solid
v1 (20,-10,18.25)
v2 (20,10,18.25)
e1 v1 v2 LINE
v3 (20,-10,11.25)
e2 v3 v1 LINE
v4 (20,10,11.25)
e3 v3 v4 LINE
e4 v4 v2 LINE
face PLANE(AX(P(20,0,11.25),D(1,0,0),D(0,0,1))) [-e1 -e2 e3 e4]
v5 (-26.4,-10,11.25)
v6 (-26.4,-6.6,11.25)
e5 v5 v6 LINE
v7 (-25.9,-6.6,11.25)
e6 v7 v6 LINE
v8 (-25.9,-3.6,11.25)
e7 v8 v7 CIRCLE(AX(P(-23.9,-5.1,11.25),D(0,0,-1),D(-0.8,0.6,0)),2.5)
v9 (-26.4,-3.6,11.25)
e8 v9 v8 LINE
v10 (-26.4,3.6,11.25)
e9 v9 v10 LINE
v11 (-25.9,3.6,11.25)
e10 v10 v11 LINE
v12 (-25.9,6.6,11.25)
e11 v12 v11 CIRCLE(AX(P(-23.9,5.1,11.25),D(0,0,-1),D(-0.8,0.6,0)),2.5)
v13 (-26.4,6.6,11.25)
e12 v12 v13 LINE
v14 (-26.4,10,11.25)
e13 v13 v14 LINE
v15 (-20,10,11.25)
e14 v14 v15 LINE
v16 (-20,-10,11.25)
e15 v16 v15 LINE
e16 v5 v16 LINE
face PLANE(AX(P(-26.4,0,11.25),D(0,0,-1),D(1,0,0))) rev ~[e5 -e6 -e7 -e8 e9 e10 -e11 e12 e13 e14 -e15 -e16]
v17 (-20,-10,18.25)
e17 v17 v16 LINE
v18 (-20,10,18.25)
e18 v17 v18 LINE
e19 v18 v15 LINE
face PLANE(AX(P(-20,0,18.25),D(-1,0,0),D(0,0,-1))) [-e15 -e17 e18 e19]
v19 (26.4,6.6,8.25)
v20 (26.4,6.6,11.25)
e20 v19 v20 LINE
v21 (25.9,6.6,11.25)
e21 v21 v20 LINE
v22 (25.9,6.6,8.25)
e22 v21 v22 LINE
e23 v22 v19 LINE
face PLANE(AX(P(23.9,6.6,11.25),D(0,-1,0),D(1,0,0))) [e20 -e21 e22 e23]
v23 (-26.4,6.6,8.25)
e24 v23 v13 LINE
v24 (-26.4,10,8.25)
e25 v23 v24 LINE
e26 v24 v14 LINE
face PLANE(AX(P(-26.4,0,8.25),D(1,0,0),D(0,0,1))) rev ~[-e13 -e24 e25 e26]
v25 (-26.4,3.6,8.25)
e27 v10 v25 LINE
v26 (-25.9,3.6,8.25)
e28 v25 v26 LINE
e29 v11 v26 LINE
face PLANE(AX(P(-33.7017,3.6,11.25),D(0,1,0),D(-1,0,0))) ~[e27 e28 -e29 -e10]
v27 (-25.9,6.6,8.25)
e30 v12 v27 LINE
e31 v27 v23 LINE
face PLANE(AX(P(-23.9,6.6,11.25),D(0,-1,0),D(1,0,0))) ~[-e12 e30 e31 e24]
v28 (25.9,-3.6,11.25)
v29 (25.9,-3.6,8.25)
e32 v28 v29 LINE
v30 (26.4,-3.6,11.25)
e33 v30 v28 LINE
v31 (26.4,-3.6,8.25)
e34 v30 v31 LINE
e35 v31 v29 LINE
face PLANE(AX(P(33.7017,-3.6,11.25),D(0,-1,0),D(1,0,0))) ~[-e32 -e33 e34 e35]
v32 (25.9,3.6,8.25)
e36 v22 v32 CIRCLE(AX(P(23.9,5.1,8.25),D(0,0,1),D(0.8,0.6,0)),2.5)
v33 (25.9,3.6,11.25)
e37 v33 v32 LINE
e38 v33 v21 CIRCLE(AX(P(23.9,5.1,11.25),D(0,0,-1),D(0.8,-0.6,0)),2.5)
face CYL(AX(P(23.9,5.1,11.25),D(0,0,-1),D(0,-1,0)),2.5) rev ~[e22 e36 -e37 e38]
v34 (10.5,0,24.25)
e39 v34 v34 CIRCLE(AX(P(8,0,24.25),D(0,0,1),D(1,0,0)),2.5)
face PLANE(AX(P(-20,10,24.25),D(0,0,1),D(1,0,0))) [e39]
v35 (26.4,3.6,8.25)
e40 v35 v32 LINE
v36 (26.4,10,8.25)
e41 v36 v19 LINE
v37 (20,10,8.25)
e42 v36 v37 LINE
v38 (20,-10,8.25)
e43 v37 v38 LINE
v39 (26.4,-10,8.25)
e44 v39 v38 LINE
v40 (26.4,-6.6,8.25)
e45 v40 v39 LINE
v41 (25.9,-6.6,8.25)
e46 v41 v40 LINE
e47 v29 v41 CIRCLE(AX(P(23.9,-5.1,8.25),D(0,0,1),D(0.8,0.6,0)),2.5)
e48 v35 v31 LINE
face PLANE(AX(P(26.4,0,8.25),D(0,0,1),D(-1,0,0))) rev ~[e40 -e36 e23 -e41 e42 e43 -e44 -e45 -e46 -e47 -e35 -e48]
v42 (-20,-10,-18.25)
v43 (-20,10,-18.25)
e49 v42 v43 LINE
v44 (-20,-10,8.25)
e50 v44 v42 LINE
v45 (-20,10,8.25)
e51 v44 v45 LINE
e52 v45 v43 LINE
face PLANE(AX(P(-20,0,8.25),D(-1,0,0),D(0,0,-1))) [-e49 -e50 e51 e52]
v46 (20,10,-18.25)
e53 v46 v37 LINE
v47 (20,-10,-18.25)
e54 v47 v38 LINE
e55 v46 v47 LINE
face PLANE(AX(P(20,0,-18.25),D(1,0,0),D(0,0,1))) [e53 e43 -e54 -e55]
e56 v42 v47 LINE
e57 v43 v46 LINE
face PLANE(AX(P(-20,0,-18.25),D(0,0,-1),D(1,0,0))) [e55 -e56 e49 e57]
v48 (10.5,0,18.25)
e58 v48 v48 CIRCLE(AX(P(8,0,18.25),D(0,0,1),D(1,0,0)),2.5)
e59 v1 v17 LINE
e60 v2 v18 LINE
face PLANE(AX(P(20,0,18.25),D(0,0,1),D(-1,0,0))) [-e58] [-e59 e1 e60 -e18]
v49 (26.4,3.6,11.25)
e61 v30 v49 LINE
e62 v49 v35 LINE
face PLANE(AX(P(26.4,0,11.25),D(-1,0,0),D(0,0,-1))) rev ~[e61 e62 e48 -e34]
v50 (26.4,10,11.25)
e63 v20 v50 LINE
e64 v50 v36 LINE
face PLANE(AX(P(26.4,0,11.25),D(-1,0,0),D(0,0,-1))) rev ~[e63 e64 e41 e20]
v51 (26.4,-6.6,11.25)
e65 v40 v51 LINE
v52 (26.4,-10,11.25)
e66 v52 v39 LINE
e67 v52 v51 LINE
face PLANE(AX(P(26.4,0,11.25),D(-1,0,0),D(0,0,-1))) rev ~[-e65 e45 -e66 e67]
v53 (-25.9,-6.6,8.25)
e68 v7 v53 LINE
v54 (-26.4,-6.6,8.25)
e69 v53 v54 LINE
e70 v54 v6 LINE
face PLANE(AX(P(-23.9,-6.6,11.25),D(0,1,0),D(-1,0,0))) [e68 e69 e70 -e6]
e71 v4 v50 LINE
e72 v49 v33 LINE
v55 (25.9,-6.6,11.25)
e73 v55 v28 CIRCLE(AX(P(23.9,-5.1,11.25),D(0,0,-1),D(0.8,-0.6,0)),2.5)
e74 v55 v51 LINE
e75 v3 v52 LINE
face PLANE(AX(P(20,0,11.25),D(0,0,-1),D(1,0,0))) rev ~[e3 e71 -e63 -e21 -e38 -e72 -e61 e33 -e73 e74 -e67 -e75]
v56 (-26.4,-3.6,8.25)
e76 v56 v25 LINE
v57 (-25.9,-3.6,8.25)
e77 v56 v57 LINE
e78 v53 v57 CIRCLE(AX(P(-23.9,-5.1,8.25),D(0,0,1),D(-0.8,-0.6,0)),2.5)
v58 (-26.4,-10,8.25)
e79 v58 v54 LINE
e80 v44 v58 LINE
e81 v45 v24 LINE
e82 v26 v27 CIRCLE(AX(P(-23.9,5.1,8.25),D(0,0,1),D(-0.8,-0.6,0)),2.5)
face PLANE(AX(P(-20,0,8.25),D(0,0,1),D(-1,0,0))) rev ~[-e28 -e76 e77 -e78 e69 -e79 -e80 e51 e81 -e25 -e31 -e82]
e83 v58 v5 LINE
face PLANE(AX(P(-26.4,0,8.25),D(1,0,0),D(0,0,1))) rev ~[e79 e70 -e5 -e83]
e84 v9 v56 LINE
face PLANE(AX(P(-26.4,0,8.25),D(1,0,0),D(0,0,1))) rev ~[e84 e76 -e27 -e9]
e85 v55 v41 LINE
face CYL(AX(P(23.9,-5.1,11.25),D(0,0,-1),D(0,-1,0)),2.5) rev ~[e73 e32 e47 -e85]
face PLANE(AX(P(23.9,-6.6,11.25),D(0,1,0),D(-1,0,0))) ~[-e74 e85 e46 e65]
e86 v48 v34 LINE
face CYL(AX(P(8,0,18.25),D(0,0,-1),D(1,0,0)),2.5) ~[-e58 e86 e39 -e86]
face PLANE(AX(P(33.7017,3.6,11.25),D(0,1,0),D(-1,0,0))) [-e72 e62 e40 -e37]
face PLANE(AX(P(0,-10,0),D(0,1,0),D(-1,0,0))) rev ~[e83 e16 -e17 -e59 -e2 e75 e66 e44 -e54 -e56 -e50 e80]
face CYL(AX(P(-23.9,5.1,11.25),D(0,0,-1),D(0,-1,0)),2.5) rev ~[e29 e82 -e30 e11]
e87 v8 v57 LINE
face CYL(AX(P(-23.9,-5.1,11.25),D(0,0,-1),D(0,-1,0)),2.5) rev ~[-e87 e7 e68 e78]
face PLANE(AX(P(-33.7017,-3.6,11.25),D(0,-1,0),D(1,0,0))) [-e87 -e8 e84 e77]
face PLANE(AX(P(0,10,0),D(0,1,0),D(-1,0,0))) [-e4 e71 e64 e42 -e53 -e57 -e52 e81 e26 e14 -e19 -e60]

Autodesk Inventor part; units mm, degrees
ref_plane "YZ Plane" through (0, 0, 0) normal (1, 0, 0) x (0, 1, 0)
ref_plane "XZ Plane" through (0, 0, 0) normal (0, 1, 0) x (-1, 0, 0)
ref_plane "XY Plane" through (0, 0, 0) normal (0, 0, 1) x (1, 0, 0)
sketch "草圖1" plane through (0, 0, 0) normal (0, 1, 0) x (-1, 0, 0)
  line L0 (20, -18.25) -> (-20, -18.25)
  line L1 (-20, -18.25) -> (-20, 18.25)
  line L2 (-20, 18.25) -> (20, 18.25)
  line L3 (20, 18.25) -> (20, -18.25)
  line L4 (20, -18.25) -> (-20, 18.25) construction
  line L5 (-20, -18.25) -> (20, 18.25) construction
  line L6 (26.4, 11.25) -> (-26.4, 11.25)
  line L7 (-26.4, 11.25) -> (-26.4, 8.25)
  line L8 (-26.4, 8.25) -> (26.4, 8.25)
  line L9 (26.4, 8.25) -> (26.4, 11.25)
  point P0 (0, 0)
  point P1 (0, 11.25)
  point P2 (0, 18.25)
  dimension "d0" = 40
  dimension "d1" = 36.5
  dimension "d2" = 3
  dimension "d4" = 52.8
  dimension "d5" = 26.5
extrude "擠出1" add sketch "草圖1" along normal mid plane 20
sketch "草圖2" plane through (20, -10, 11.25) normal (0, 0, 1) x (1, 0, 0)
  line L0 (-40, 0) -> (-40, 20) construction
  line L1 (0, 20) -> (-40, 20) construction
  line L2 (0, 20) -> (0, 0) construction
  line L3 (-40, 0) -> (0, 0) construction
  line L4 (-43.9, 4.9) -> (3.9, 4.9) construction
  line L5 (3.9, 4.9) -> (3.9, 15.1) construction
  line L6 (3.9, 15.1) -> (-43.9, 15.1) construction
  line L7 (-43.9, 15.1) -> (-43.9, 4.9) construction
  line L8 (-43.9, 4.9) -> (3.9, 15.1) construction
  line L9 (3.9, 4.9) -> (-43.9, 15.1) construction
  point P0 (-20, 10)
  dimension "d8" = 47.8
  dimension "d9" = 10.2
hole "孔1" at (23.9, 5.1, 11.25) at (23.9, -5.1, 11.25) at (-23.9, -5.1, 11.25) at (-23.9, 5.1, 11.25) direction (0, 0, -1) diameter 5 depth 8 tip angle 118
sketch "草圖3" plane through (20, -10, 11.25) normal (0, 0, 1) x (1, 0, 0)
  circle A0 centre (3.9, 15.1) radius 2.5 construction
  line L0 (3.9, 16.6) -> (13.7017, 16.6)
  line L1 (13.7017, 16.6) -> (13.7017, 13.6)
  line L2 (13.7017, 13.6) -> (3.9, 13.6)
  line L3 (3.9, 13.6) -> (3.9, 16.6)
  point P0 (-20, 10)
  point P1 (6.4, 15.1)
  dimension "d17" = 3
extrude "擠出2" cut sketch "草圖3" against normal blind 20
mirror "鏡射1" about plane through (0, 0, 0) normal (0, 1, 0) of "擠出2"
mirror "鏡射2" about plane through (0, 0, 0) normal (1, 0, 0) of "擠出2", "鏡射1"
sketch "草圖4" plane through (-20, 10, 18.25) normal (0, 0, 1) x (1, 0, 0)
  circle A0 centre (28, -10) radius 2.5
  line L0 (40, 0) -> (40, -20) construction
  line L1 (0, 0) -> (0, -20) projected
  point P0 (20, -10)
  dimension "d20" = 5
  dimension "d25" = 12
extrude "擠出3" add sketch "草圖4" along normal blind 6
properties part number "馬達"
